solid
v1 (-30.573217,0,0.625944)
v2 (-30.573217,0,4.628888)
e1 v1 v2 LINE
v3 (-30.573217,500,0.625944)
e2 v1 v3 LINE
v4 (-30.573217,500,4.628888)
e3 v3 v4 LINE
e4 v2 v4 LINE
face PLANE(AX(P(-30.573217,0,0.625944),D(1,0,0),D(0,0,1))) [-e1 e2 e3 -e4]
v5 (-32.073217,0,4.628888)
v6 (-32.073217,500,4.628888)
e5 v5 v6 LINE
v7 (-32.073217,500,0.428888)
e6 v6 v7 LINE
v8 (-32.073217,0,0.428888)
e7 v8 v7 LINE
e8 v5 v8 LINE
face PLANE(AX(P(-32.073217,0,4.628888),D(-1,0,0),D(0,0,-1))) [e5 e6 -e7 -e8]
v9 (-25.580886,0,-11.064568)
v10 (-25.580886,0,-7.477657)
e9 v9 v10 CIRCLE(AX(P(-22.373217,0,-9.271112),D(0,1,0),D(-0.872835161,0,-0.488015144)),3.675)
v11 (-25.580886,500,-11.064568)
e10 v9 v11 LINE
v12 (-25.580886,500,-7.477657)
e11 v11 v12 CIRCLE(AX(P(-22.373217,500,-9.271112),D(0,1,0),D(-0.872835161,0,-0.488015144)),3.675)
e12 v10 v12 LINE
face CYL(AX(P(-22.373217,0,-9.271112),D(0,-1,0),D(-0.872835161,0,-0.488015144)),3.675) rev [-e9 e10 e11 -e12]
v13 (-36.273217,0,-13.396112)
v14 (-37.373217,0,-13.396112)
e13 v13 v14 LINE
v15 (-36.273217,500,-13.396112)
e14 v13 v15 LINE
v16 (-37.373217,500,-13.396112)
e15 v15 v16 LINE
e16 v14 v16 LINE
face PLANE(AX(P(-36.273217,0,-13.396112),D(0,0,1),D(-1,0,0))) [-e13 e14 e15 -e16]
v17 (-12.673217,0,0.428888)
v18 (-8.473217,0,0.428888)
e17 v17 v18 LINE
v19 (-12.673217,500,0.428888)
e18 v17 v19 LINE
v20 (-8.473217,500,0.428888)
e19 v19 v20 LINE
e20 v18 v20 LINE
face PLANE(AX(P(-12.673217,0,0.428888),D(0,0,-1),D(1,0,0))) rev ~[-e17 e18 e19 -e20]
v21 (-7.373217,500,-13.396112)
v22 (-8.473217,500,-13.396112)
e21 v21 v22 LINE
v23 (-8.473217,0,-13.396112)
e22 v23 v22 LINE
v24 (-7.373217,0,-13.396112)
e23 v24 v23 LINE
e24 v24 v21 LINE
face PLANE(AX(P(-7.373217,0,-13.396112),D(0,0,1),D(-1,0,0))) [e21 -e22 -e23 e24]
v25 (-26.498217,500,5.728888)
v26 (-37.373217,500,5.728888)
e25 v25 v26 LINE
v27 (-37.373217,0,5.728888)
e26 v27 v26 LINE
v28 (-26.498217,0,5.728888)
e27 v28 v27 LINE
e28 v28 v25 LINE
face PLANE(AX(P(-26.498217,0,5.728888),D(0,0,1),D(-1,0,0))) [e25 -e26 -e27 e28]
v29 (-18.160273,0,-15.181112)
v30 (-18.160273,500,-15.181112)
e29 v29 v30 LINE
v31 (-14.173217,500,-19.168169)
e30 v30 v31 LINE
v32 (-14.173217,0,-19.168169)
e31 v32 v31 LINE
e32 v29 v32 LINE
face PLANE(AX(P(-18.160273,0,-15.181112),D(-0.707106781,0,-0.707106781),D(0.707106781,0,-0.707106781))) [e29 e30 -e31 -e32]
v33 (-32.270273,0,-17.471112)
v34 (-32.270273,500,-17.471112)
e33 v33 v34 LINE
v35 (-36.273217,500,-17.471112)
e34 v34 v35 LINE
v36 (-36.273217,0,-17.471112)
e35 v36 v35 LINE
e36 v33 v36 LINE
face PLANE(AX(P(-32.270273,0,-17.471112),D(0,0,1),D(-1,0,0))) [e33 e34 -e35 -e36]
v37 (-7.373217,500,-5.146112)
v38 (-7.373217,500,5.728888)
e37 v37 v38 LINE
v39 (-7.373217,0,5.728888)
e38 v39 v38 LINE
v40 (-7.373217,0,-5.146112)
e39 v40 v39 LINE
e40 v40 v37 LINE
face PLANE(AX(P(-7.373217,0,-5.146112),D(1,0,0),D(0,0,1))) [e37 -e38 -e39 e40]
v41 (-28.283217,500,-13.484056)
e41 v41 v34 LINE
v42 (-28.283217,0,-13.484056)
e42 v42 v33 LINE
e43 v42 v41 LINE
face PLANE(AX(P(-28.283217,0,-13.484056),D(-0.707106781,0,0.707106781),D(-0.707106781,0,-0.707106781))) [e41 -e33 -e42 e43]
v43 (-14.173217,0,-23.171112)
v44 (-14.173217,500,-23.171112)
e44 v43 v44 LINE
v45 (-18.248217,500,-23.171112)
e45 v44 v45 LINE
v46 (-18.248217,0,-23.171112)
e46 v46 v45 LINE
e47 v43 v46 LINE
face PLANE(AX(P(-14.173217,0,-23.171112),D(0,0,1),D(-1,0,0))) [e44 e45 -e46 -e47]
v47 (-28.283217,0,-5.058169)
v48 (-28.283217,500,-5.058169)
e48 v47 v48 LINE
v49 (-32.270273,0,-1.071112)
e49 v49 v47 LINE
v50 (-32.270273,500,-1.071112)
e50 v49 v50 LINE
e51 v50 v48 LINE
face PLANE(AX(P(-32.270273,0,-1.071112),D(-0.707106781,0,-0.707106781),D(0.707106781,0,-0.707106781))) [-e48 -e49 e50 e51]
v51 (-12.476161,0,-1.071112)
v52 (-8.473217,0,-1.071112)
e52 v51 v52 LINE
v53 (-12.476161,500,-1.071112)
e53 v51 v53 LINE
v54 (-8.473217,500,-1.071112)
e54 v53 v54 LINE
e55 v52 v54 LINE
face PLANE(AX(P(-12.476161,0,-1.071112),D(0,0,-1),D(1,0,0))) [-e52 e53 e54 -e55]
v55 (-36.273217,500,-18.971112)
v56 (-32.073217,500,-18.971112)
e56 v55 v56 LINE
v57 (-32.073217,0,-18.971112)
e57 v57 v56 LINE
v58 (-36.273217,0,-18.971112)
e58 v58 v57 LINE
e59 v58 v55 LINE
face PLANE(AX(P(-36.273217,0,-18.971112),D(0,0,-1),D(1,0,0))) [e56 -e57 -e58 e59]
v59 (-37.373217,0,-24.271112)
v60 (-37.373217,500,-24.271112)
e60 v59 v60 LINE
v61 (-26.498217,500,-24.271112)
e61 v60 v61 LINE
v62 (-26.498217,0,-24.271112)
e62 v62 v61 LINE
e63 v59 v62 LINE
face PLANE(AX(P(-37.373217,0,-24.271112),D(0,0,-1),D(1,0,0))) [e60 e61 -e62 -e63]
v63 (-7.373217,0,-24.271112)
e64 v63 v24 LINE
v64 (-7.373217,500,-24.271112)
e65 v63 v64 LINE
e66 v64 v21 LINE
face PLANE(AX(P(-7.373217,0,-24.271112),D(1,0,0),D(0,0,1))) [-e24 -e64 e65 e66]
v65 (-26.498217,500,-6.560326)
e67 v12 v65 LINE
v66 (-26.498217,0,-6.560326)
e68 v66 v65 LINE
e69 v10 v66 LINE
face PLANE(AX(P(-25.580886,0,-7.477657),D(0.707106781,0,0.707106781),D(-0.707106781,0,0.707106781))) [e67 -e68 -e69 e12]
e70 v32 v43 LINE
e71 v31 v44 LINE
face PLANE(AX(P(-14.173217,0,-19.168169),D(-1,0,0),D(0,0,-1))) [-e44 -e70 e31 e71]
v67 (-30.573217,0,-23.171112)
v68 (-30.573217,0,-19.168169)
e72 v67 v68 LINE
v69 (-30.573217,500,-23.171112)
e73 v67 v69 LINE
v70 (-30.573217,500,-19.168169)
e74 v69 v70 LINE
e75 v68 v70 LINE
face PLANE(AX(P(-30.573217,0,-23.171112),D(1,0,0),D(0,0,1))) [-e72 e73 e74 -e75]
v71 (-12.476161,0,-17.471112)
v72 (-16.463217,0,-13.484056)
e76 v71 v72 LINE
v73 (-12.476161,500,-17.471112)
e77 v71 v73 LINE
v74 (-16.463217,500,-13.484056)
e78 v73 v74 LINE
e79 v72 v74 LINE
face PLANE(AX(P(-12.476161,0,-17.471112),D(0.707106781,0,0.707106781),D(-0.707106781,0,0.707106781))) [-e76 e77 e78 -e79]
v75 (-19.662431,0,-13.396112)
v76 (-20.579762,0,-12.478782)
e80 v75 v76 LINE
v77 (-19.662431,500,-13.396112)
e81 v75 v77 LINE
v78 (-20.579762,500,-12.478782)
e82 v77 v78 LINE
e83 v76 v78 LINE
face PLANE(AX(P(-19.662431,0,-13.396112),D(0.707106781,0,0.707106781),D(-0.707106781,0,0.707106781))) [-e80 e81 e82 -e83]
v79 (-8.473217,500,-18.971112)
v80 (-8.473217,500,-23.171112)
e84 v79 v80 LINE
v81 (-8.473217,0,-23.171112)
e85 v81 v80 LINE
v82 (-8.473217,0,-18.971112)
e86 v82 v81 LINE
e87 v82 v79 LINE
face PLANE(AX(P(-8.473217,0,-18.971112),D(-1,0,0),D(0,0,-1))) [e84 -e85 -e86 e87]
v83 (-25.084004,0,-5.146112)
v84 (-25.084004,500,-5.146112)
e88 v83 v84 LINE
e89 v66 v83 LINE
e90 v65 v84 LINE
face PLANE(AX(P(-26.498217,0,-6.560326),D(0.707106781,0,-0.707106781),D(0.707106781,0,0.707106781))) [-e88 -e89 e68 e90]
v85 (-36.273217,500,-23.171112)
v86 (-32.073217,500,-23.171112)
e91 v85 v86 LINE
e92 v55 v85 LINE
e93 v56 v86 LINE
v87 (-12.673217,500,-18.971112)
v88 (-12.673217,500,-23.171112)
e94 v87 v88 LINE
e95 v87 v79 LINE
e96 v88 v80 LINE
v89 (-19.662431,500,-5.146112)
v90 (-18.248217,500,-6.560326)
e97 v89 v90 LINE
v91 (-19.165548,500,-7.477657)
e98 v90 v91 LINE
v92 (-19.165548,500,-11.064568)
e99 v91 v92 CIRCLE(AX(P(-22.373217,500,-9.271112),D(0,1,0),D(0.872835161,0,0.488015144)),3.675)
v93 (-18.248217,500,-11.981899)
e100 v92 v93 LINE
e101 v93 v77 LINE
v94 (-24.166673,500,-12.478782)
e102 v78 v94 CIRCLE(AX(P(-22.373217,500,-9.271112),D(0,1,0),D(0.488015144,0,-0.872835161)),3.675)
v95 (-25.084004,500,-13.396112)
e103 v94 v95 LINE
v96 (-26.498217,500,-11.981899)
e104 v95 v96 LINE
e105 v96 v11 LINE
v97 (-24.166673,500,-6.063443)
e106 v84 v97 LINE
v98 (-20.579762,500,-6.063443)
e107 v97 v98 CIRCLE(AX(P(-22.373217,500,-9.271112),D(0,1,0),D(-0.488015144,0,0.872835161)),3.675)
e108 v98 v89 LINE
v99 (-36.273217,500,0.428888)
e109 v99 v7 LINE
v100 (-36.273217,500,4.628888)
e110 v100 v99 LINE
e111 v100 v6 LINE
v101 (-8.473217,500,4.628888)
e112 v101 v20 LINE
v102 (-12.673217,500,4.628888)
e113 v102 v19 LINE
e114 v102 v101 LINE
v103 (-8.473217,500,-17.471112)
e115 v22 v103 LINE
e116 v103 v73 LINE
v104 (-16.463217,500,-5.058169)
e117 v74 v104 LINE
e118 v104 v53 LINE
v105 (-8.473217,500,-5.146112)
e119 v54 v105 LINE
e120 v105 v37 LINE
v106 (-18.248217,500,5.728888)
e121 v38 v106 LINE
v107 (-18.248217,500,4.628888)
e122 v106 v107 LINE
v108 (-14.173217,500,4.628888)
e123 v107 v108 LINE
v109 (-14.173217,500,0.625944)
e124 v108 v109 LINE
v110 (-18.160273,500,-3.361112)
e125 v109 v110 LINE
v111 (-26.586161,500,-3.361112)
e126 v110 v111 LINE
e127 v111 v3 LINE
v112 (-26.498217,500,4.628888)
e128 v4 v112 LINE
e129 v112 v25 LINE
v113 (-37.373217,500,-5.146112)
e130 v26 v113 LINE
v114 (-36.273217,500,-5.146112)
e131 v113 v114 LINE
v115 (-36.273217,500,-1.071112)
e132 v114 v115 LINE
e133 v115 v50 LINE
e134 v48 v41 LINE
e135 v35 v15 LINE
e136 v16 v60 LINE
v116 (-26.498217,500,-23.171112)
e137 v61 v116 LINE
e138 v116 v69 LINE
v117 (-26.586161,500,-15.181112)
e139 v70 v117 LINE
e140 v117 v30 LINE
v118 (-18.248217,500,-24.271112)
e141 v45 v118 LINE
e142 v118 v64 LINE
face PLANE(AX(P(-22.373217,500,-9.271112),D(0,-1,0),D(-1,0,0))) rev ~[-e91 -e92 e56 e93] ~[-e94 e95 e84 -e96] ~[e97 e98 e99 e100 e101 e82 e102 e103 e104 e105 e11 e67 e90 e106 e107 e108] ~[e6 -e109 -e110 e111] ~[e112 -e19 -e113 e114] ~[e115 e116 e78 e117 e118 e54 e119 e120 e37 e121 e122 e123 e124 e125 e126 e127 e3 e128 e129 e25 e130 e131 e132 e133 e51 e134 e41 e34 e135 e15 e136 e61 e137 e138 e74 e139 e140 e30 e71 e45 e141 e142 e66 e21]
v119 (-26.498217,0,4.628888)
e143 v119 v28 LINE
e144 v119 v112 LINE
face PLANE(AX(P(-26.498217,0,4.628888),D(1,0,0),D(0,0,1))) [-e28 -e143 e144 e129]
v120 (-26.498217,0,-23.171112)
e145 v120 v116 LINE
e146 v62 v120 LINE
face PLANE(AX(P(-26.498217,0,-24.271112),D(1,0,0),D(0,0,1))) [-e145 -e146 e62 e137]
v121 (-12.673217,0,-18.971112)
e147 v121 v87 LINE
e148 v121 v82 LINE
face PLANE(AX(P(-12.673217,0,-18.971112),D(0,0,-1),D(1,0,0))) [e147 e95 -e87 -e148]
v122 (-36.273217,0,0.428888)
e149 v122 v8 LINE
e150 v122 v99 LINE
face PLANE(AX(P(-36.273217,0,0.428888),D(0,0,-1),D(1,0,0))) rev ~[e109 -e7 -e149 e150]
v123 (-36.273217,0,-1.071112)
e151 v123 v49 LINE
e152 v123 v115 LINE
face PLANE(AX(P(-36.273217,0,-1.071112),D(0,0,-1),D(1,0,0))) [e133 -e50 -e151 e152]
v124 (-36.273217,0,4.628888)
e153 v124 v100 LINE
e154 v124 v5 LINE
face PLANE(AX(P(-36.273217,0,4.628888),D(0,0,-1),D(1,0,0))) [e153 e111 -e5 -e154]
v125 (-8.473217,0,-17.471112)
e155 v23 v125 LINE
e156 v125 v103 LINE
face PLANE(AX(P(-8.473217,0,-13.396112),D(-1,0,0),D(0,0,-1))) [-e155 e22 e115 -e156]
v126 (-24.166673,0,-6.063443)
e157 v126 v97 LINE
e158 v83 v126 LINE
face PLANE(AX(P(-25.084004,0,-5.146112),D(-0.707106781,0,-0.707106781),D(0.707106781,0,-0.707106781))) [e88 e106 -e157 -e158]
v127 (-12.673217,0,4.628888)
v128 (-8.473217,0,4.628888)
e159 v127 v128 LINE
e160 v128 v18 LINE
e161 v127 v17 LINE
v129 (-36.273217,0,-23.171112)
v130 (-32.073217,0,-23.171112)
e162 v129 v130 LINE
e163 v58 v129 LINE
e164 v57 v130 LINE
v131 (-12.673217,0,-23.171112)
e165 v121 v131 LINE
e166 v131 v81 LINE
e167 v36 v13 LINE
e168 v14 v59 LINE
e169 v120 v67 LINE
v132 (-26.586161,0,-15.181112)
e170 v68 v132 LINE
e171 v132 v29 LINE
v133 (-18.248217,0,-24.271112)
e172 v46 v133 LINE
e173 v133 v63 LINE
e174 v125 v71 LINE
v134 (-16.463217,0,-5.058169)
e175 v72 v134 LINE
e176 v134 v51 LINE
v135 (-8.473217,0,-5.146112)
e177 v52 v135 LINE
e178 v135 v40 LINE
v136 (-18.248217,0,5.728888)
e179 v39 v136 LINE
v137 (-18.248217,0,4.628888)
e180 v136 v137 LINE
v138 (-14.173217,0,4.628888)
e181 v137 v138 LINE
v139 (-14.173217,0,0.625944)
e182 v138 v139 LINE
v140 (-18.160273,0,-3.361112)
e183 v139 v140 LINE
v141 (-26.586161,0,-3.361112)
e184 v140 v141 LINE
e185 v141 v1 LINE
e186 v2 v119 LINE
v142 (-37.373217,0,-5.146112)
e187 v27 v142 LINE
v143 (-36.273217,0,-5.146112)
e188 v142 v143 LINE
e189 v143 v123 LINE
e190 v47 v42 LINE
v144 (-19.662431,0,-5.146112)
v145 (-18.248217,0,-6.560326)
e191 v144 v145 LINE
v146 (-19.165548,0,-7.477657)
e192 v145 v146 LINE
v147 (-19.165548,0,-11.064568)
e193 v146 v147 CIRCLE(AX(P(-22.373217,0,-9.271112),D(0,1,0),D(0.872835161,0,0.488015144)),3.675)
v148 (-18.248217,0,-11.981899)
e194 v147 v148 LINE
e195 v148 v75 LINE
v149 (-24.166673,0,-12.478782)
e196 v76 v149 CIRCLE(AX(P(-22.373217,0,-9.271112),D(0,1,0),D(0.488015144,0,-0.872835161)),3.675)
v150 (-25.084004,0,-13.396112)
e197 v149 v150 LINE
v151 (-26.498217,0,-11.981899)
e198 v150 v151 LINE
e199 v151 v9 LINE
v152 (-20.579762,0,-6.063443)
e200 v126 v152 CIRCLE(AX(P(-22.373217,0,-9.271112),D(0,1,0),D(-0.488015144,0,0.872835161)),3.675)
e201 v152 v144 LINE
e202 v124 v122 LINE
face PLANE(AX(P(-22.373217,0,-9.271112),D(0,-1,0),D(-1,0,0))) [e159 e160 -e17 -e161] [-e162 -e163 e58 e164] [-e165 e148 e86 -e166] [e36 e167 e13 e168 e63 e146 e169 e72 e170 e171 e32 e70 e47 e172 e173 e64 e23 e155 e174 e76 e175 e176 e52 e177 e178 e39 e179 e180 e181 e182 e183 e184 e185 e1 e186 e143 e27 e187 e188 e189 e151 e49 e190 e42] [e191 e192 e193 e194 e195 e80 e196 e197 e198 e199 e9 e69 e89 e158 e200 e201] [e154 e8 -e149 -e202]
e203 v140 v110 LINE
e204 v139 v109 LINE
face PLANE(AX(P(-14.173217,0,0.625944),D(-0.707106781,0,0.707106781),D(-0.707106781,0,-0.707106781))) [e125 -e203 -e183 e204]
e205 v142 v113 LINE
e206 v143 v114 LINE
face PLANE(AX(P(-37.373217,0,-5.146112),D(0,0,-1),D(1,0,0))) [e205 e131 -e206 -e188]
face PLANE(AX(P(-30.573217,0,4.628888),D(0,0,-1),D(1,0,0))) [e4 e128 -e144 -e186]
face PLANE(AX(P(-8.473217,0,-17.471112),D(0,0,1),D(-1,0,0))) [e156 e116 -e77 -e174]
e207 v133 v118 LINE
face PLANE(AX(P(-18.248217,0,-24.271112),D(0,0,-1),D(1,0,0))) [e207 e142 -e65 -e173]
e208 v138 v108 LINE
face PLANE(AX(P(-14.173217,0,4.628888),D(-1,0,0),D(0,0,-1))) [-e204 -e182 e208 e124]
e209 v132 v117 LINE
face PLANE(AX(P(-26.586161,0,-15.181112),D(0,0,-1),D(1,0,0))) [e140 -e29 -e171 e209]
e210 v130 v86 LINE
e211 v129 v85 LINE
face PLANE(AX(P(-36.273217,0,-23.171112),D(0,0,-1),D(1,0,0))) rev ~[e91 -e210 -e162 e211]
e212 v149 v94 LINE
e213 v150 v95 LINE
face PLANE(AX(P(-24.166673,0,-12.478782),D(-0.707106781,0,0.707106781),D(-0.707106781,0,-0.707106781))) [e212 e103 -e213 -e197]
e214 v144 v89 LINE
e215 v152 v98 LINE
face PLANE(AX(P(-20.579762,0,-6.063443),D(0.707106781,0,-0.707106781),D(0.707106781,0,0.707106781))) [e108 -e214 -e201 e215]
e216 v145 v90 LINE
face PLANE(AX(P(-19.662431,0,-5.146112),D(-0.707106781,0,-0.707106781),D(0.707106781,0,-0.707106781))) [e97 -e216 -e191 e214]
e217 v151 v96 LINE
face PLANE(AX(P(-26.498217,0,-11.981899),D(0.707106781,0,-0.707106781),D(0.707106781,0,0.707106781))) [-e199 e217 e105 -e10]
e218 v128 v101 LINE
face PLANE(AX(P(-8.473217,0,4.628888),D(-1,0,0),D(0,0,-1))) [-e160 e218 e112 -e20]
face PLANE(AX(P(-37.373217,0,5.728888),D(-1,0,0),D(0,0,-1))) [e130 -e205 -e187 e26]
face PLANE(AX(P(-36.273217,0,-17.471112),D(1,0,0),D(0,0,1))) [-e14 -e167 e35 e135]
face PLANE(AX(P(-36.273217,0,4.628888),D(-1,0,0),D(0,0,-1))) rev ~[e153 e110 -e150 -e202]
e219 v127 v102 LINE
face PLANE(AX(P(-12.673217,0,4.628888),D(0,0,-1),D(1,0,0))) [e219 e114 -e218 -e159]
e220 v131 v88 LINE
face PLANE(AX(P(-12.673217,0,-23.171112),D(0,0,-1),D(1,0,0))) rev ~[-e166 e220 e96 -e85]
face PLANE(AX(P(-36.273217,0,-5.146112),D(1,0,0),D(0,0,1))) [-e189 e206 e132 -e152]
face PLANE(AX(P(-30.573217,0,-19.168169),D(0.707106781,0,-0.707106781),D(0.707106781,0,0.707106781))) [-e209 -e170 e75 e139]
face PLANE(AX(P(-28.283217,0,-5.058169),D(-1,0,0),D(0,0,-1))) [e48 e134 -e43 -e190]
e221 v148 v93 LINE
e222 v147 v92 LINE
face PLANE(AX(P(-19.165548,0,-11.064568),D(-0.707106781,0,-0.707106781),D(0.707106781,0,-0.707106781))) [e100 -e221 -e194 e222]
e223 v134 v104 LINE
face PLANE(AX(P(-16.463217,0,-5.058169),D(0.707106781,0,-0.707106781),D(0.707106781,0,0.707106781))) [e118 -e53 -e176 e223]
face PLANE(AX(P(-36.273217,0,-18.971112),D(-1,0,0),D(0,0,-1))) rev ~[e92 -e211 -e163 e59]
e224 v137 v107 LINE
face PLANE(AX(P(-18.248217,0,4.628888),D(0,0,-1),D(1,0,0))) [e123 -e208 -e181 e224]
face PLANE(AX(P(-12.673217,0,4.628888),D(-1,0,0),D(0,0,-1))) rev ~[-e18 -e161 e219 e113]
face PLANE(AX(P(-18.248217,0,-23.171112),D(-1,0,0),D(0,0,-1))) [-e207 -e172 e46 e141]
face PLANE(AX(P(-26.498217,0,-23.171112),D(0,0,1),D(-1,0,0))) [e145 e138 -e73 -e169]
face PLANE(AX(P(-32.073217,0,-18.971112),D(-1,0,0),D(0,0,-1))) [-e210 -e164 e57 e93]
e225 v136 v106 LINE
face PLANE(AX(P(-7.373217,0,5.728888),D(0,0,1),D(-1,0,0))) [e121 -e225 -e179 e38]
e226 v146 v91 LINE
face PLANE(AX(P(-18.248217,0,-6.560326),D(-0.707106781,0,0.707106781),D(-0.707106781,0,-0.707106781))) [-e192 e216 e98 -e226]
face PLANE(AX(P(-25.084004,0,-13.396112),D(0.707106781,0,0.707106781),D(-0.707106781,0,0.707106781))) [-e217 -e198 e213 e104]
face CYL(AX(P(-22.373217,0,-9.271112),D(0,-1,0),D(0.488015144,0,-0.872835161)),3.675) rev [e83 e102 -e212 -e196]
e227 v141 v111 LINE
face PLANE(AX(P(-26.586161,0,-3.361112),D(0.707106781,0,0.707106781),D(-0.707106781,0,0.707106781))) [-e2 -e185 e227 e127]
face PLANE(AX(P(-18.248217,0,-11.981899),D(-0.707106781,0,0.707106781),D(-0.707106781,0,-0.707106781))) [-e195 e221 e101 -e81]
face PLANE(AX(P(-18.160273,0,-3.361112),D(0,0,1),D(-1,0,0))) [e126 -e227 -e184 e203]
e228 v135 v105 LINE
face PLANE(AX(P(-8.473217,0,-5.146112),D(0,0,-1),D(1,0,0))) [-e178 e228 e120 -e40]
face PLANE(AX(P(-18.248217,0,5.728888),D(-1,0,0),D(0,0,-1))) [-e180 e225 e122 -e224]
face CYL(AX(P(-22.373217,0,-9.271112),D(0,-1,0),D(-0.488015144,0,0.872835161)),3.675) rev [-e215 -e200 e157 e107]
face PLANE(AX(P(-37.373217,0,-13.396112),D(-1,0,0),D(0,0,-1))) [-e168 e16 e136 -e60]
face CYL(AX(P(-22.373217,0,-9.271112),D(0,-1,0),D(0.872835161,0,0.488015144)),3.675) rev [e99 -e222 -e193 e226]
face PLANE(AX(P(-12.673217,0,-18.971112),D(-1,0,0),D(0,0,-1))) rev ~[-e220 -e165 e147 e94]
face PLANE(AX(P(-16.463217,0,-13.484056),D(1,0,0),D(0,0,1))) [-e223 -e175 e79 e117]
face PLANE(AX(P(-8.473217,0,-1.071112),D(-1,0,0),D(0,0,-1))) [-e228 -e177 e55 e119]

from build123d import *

# Parameters (mm, degrees)
CROQUIS2_W              = 4.2
CROQUIS2_H              = 4.2
SALIENTE_EXTRUIR1_DEPTH = 500


with BuildPart() as part:
    # Croquis2 → Saliente-Extruir1 (new body)
    with BuildSketch(Plane(origin=(0, 0, 0), x_dir=(1, 0, 0), z_dir=(0, 1, 0))):
        Polygon((-37.373217156, 24.271112291), (-26.498217156, 24.271112291), (-26.498217156, 23.171112291), (-30.573217156, 23.171112291), (-30.573217156, 19.168168566), (-26.586160881, 15.181112291), (-18.160273431, 15.181112291), (-14.173217156, 19.168168566), (-14.173217156, 23.171112291), (-18.248217156, 23.171112291), (-18.248217156, 24.271112291), (-7.373217156, 24.271112291), (-7.373217156, 13.396112291), (-8.473217156, 13.396112291), (-8.473217156, 17.471112291), (-12.476160881, 17.471112291), (-16.463217156, 13.484056016), (-16.463217156, 5.058168566), (-12.476160881, 1.071112291), (-8.473217156, 1.071112291), (-8.473217156, 5.146112291), (-7.373217156, 5.146112291), (-7.373217156, -5.728887709), (-18.248217156, -5.728887709), (-18.248217156, -4.628887709), (-14.173217156, -4.628887709), (-14.173217156, -0.625943984), (-18.160273431, 3.361112291), (-26.586160881, 3.361112291), (-30.573217156, -0.625943984), (-30.573217156, -4.628887709), (-26.498217156, -4.628887709), (-26.498217156, -5.728887709), (-37.373217156, -5.728887709), (-37.373217156, 5.146112291), (-36.273217156, 5.146112291), (-36.273217156, 1.071112291), (-32.270273431, 1.071112291), (-28.283217156, 5.058168566), (-28.283217156, 13.484056016), (-32.270273431, 17.471112291), (-36.273217156, 17.471112291), (-36.273217156, 13.396112291), (-37.373217156, 13.396112291), align=None)
        with Locations((-10.573217156, 21.071112291)):
            Rectangle(CROQUIS2_W, CROQUIS2_H, mode=Mode.SUBTRACT)
        with Locations((-34.173217156, -2.528887709)):
            Rectangle(CROQUIS2_W, CROQUIS2_H, mode=Mode.SUBTRACT)
        with Locations((-34.173217156, 21.071112291)):
            Rectangle(CROQUIS2_W, CROQUIS2_H, mode=Mode.SUBTRACT)
        with Locations((-10.573217156, -2.528887709)):
            Rectangle(CROQUIS2_W, CROQUIS2_H, mode=Mode.SUBTRACT)
        with BuildLine():
            Line((-19.165547938, 11.064567946), (-18.248217156, 11.981898728))
            Line((-18.248217156, 11.981898728), (-19.662430718, 13.396112291))
            Line((-19.662430718, 13.396112291), (-20.5797615, 12.478781509))
            ThreePointArc((-20.5797615, 12.478781509), (-22.373217156, 12.946112291), (-24.166672811, 12.478781509))
            Line((-24.166672811, 12.478781509), (-25.084003593, 13.396112291))
            Line((-25.084003593, 13.396112291), (-26.498217156, 11.981898728))
            Line((-26.498217156, 11.981898728), (-25.580886374, 11.064567946))
            ThreePointArc((-25.580886374, 11.064567946), (-26.048217156, 9.271112291), (-25.580886374, 7.477656635))
            Line((-25.580886374, 7.477656635), (-26.498217156, 6.560325853))
            Line((-26.498217156, 6.560325853), (-25.084003593, 5.146112291))
            Line((-25.084003593, 5.146112291), (-24.166672811, 6.063443073))
            ThreePointArc((-24.166672811, 6.063443073), (-22.373217156, 5.596112291), (-20.5797615, 6.063443073))
            Line((-20.5797615, 6.063443073), (-19.662430718, 5.146112291))
            Line((-19.662430718, 5.146112291), (-18.248217156, 6.560325853))
            Line((-18.248217156, 6.560325853), (-19.165547938, 7.477656635))
            ThreePointArc((-19.165547938, 7.477656635), (-18.698217156, 9.271112291), (-19.165547938, 11.064567946))
        make_face(mode=Mode.SUBTRACT)
    extrude(amount=SALIENTE_EXTRUIR1_DEPTH)


solid = part.part
